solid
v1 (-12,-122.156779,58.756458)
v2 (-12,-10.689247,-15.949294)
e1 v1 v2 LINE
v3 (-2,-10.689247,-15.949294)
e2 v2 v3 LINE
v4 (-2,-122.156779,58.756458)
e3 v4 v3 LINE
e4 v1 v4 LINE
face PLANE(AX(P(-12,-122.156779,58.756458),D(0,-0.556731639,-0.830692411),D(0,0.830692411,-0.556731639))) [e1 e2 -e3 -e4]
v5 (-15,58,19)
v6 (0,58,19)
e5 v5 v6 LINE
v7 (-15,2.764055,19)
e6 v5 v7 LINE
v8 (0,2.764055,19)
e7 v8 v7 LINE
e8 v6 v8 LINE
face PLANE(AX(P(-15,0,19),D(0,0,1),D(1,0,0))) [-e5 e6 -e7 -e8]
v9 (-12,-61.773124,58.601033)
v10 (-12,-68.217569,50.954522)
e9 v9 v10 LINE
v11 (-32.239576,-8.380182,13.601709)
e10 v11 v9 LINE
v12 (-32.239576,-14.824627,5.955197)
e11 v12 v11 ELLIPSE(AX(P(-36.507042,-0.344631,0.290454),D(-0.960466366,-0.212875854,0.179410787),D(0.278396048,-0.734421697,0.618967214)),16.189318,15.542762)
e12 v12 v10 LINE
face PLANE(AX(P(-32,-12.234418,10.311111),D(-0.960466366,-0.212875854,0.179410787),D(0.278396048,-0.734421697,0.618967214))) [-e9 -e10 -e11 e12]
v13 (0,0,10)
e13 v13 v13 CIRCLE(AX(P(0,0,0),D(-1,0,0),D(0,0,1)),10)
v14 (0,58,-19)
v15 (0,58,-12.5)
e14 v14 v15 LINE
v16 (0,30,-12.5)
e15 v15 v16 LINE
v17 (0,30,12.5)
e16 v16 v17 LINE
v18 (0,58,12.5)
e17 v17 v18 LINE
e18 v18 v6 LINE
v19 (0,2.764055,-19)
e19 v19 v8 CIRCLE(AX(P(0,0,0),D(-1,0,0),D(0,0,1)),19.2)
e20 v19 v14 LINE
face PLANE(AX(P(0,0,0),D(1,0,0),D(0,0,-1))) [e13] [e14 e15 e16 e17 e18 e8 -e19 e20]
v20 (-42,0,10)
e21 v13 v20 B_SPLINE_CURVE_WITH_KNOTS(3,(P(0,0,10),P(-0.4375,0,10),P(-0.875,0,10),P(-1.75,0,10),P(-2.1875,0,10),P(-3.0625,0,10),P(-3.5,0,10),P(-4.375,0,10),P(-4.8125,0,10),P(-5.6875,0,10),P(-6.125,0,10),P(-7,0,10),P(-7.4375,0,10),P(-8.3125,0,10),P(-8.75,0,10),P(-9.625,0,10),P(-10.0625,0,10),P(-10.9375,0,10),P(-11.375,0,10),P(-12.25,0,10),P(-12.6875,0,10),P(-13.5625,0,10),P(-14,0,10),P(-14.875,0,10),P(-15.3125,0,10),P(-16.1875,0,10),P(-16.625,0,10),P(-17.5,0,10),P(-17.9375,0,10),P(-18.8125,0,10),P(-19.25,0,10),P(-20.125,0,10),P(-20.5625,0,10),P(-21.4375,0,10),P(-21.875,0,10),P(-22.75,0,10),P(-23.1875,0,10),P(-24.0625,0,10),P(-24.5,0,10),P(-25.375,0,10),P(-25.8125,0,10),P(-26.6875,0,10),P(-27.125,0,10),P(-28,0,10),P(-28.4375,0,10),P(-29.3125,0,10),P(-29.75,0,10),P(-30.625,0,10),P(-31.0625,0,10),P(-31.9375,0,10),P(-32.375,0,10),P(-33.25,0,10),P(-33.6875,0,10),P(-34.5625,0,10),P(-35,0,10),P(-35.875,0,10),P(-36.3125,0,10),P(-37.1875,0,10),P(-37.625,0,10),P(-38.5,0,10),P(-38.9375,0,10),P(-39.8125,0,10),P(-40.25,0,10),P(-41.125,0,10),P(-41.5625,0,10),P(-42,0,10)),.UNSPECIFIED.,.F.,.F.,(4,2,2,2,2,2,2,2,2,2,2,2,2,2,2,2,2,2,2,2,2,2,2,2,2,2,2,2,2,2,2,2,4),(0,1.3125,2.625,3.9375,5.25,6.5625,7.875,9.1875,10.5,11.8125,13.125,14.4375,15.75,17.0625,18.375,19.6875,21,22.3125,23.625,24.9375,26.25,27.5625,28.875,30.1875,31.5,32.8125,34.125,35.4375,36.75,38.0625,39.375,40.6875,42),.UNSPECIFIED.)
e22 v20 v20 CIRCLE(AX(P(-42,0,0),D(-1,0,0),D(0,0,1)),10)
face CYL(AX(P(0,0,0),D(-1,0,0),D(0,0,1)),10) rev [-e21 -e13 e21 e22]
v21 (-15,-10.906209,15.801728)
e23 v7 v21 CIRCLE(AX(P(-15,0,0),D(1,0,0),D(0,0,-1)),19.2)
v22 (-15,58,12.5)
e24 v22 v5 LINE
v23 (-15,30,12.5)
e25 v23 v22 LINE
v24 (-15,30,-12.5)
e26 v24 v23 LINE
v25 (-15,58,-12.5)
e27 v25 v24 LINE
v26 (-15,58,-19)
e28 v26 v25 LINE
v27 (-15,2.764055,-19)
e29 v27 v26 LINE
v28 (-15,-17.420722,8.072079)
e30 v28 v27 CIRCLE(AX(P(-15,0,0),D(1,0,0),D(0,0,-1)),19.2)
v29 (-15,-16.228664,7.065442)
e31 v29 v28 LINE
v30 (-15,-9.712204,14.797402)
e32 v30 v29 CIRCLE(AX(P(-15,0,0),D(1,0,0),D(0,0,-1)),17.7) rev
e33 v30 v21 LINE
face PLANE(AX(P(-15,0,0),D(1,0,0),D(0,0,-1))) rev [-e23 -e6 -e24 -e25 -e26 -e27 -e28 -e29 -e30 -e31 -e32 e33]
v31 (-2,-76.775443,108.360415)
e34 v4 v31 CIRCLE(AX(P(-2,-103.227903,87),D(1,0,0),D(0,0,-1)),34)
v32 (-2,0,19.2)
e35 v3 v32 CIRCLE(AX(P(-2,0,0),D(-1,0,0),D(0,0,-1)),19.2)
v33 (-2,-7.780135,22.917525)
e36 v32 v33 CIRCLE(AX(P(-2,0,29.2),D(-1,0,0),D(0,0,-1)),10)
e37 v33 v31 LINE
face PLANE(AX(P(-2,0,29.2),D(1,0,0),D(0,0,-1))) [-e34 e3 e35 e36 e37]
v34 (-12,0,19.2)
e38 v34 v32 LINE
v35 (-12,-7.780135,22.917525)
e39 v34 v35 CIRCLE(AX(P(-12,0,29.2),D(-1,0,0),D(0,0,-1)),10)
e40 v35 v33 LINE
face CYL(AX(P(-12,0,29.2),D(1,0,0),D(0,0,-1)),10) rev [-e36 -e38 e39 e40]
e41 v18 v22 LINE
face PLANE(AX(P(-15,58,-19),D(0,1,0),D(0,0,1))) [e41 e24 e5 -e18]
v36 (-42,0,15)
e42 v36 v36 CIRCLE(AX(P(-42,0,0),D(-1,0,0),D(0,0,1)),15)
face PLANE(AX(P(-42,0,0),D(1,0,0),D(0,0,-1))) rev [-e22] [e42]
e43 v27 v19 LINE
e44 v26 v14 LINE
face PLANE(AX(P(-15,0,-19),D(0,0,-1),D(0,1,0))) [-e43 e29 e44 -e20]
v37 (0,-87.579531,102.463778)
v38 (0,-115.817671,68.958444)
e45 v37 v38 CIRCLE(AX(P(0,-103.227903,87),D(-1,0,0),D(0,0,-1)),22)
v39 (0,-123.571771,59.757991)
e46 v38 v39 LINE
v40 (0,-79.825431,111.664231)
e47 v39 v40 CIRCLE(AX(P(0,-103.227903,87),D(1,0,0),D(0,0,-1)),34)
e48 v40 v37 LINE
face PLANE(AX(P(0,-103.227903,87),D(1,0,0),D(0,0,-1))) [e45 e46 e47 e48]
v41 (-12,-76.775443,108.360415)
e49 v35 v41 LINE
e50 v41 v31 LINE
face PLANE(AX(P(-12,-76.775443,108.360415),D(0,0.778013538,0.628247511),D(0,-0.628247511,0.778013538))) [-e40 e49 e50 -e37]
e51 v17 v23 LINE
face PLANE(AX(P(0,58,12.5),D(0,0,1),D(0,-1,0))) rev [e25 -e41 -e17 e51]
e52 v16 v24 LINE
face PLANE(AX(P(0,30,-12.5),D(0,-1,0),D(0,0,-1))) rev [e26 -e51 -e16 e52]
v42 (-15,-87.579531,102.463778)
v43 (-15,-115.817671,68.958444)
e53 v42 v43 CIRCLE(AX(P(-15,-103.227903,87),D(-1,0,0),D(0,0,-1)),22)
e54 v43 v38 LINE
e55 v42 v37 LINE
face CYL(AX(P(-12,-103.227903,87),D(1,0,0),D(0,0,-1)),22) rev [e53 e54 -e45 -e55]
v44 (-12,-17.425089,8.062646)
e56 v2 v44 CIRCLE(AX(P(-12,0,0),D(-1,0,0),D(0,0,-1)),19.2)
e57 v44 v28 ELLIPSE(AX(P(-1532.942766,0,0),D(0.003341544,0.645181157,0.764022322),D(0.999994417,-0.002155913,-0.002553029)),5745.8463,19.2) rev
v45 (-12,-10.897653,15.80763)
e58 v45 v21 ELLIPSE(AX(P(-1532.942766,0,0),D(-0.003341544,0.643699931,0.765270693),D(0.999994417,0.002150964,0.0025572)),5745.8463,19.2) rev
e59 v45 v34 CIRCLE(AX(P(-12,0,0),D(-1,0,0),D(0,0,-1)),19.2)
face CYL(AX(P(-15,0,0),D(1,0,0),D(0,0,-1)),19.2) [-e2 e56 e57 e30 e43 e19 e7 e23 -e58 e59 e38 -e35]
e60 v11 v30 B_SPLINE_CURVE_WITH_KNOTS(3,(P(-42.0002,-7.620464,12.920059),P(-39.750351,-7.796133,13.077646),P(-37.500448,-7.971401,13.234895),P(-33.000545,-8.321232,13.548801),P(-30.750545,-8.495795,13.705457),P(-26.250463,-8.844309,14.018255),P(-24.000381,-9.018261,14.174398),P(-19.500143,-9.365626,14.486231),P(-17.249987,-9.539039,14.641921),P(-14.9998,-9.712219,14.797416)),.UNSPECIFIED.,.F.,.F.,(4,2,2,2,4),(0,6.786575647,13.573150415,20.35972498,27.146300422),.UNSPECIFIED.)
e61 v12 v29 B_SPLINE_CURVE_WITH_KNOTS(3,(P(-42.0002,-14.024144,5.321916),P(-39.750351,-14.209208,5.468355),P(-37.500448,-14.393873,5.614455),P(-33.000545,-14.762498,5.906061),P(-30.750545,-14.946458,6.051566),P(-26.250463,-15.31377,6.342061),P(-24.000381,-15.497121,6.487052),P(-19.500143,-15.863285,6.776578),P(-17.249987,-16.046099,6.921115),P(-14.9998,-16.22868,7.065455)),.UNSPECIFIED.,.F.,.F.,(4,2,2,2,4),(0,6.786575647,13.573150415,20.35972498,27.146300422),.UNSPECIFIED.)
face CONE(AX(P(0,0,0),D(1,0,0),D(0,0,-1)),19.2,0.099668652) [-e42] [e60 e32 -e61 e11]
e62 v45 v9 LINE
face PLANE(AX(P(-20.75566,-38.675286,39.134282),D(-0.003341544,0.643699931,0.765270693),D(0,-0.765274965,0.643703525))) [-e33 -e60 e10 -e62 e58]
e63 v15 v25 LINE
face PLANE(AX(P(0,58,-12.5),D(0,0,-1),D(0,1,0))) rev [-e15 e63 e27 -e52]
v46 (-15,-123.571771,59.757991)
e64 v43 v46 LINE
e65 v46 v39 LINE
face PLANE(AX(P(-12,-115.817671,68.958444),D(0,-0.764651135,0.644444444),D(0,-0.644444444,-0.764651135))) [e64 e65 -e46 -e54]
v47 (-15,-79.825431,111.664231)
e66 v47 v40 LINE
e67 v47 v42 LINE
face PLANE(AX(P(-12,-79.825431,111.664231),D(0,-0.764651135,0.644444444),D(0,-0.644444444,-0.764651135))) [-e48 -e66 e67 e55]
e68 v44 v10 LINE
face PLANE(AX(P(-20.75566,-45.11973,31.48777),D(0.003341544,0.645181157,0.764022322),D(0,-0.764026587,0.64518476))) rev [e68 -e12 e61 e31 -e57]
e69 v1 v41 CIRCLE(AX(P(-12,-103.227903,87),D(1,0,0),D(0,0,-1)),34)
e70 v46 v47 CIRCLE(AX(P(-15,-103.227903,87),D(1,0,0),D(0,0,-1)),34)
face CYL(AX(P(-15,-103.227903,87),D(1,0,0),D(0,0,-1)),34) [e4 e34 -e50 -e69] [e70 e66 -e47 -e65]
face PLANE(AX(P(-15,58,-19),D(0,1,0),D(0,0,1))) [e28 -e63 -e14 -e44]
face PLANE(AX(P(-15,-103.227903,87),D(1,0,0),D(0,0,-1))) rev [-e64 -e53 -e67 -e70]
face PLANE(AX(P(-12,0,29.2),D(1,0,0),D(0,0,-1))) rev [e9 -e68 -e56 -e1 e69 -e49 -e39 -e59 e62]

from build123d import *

# Parameters (mm, degrees)
SKETCH_4_W          = 38
SKETCH_4_H          = 58
EXTRUDE_1_DEPTH     = 15
EXTRUDE_START       = -2
EXTRUDE_2_DEPTH     = 10
EXTRUDE_3_DEPTH     = 15
SKETCH_8_R          = 19.2
EXTRUDE_4_DEPTH     = 15
RIB_4_REACH         = 173.764
SKETCH_7_WALL_W     = 417.368166338
SKETCH_7_WALL_H     = 10
RIB_4_DRAFT_ANGLE   = 0.1993373
SKETCH_9_R          = 10
CUT_EXTRUDE_1_DEPTH = 172.764033058
SKETCH_10_W         = 25
SKETCH_10_H         = 28
CUT_EXTRUDE_2_DEPTH = 169.724281158


with BuildPart() as part:
    # 草图4 → 凸台-拉伸1 (new body)
    with BuildSketch(Plane(origin=(0, 0, 0), x_dir=(0, 0, -1), z_dir=(1, 0, 0))):
        with Locations((0, 29)):
            Rectangle(SKETCH_4_W, SKETCH_4_H)
    extrude(amount=-EXTRUDE_1_DEPTH)

    # 草图2 → 旋转1 (revolve)
    with BuildSketch(Plane.XY):
        Polygon((-42, 0), (-42, 15), (0, 19.2), (0, 0), align=None)
    revolve(axis=Axis((-18.865866606, 0, 0), (1, 0, 0)))



with BuildPart() as body_2:
    # 草图5 → 凸台-拉伸2 (new body)
    with BuildSketch(Plane(origin=(0, 0, 0), x_dir=(0, 0, -1), z_dir=(1, 0, 0)).offset(EXTRUDE_START)):
        with BuildLine():
            Line((-111.66423124, -79.82543117), (-102.463778118, -87.579530564))
            ThreePointArc((-102.463778118, -87.579530564), (-72.822222222, -86.405578238), (-68.958444104, -115.817671306))
            Line((-68.958444104, -115.817671306), (-59.757990982, -123.5717707))
            Line((-59.757990982, -123.5717707), (-58.756458022, -122.156778939))
            Line((-58.756458022, -122.156778939), (15.949294293, -10.689247473))
            ThreePointArc((15.949294293, -10.689247473), (-5.586302425, -18.369355602), (-19.2, 0))
            ThreePointArc((-19.2, 0), (-20.177119331, -4.311336735), (-22.917524888, -7.780135376))
            Line((-22.917524888, -7.780135376), (-108.360415381, -76.775442927))
            Line((-108.360415381, -76.775442927), (-111.66423124, -79.82543117))
        make_face()
    extrude(amount=-EXTRUDE_2_DEPTH)

    # 草图6 → 凸台-拉伸3 (add)
    with BuildSketch(Plane(origin=(0, 0, 0), x_dir=(0, 0, -1), z_dir=(1, 0, 0))):
        with BuildLine():
            Line((-111.66423124, -79.82543117), (-102.463778118, -87.579530564))
            ThreePointArc((-102.463778118, -87.579530564), (-72.822222222, -86.405578238), (-68.958444104, -115.817671306))
            Line((-68.958444104, -115.817671306), (-59.757990982, -123.5717707))
            ThreePointArc((-59.757990982, -123.5717707), (-65.088888889, -77.22976462), (-111.66423124, -79.82543117))
        make_face()
    extrude(amount=-EXTRUDE_3_DEPTH)


with BuildPart() as part_1:
    add(part.part)

    add(body_2.part)  # 凸台-拉伸4 merges body 2
    # 草图8 → 凸台-拉伸4 (add)
    with BuildSketch(Plane(origin=(0, 0, 0), x_dir=(0, 0, -1), z_dir=(1, 0, 0))):
        Circle(SKETCH_8_R)
    extrude(amount=-EXTRUDE_4_DEPTH)

    # 草图7 wall → 筋4 (add, up to next)
    with BuildSketch(Plane(origin=(-22, -38.61488231, 32.544444445), x_dir=(0.278396048141, -0.734421696805, 0.618967213705), z_dir=(0.960466366084, 0.212875854148, -0.17941078658)), mode=Mode.PRIVATE) as rib_4_sk1:
        Rectangle(SKETCH_7_WALL_W, SKETCH_7_WALL_H)
    rib_4_tool1 = extrude(rib_4_sk1.sketch, amount=RIB_4_REACH, mode=Mode.PRIVATE) - part_1.part
    add(rib_4_tool1.solids().sort_by_distance((-22, -38.61488231, 32.544444445))[0])

    # 筋4 draft
    rib_4_draft_faces = [part_1.faces().sort_by_distance(p)[0] for p in [
        (-21.519766817, -41.730666605, 28.631483377),
        (-21.519766817, -35.286222161, 36.277994725),
    ]]
    draft(rib_4_draft_faces, Plane(origin=(-22, -38.61488231, 32.544444445), x_dir=(0.278396048141, -0.734421696805, 0.618967213705), z_dir=(-0.960466366084, -0.212875854148, 0.17941078658)), RIB_4_DRAFT_ANGLE)

    # 草图9 → 切除-拉伸1 (cut, through all)
    with BuildSketch(Plane.ZY.offset(42)):
        Circle(SKETCH_9_R)
    extrude(amount=-CUT_EXTRUDE_1_DEPTH, mode=Mode.SUBTRACT)

    # 草图10 → 切除-拉伸2 (cut, through all)
    with BuildSketch(Plane.ZY.offset(15)):
        with Locations((0, 44)):
            Rectangle(SKETCH_10_W, SKETCH_10_H)
    extrude(amount=-CUT_EXTRUDE_2_DEPTH, mode=Mode.SUBTRACT)


solid = part_1.part
